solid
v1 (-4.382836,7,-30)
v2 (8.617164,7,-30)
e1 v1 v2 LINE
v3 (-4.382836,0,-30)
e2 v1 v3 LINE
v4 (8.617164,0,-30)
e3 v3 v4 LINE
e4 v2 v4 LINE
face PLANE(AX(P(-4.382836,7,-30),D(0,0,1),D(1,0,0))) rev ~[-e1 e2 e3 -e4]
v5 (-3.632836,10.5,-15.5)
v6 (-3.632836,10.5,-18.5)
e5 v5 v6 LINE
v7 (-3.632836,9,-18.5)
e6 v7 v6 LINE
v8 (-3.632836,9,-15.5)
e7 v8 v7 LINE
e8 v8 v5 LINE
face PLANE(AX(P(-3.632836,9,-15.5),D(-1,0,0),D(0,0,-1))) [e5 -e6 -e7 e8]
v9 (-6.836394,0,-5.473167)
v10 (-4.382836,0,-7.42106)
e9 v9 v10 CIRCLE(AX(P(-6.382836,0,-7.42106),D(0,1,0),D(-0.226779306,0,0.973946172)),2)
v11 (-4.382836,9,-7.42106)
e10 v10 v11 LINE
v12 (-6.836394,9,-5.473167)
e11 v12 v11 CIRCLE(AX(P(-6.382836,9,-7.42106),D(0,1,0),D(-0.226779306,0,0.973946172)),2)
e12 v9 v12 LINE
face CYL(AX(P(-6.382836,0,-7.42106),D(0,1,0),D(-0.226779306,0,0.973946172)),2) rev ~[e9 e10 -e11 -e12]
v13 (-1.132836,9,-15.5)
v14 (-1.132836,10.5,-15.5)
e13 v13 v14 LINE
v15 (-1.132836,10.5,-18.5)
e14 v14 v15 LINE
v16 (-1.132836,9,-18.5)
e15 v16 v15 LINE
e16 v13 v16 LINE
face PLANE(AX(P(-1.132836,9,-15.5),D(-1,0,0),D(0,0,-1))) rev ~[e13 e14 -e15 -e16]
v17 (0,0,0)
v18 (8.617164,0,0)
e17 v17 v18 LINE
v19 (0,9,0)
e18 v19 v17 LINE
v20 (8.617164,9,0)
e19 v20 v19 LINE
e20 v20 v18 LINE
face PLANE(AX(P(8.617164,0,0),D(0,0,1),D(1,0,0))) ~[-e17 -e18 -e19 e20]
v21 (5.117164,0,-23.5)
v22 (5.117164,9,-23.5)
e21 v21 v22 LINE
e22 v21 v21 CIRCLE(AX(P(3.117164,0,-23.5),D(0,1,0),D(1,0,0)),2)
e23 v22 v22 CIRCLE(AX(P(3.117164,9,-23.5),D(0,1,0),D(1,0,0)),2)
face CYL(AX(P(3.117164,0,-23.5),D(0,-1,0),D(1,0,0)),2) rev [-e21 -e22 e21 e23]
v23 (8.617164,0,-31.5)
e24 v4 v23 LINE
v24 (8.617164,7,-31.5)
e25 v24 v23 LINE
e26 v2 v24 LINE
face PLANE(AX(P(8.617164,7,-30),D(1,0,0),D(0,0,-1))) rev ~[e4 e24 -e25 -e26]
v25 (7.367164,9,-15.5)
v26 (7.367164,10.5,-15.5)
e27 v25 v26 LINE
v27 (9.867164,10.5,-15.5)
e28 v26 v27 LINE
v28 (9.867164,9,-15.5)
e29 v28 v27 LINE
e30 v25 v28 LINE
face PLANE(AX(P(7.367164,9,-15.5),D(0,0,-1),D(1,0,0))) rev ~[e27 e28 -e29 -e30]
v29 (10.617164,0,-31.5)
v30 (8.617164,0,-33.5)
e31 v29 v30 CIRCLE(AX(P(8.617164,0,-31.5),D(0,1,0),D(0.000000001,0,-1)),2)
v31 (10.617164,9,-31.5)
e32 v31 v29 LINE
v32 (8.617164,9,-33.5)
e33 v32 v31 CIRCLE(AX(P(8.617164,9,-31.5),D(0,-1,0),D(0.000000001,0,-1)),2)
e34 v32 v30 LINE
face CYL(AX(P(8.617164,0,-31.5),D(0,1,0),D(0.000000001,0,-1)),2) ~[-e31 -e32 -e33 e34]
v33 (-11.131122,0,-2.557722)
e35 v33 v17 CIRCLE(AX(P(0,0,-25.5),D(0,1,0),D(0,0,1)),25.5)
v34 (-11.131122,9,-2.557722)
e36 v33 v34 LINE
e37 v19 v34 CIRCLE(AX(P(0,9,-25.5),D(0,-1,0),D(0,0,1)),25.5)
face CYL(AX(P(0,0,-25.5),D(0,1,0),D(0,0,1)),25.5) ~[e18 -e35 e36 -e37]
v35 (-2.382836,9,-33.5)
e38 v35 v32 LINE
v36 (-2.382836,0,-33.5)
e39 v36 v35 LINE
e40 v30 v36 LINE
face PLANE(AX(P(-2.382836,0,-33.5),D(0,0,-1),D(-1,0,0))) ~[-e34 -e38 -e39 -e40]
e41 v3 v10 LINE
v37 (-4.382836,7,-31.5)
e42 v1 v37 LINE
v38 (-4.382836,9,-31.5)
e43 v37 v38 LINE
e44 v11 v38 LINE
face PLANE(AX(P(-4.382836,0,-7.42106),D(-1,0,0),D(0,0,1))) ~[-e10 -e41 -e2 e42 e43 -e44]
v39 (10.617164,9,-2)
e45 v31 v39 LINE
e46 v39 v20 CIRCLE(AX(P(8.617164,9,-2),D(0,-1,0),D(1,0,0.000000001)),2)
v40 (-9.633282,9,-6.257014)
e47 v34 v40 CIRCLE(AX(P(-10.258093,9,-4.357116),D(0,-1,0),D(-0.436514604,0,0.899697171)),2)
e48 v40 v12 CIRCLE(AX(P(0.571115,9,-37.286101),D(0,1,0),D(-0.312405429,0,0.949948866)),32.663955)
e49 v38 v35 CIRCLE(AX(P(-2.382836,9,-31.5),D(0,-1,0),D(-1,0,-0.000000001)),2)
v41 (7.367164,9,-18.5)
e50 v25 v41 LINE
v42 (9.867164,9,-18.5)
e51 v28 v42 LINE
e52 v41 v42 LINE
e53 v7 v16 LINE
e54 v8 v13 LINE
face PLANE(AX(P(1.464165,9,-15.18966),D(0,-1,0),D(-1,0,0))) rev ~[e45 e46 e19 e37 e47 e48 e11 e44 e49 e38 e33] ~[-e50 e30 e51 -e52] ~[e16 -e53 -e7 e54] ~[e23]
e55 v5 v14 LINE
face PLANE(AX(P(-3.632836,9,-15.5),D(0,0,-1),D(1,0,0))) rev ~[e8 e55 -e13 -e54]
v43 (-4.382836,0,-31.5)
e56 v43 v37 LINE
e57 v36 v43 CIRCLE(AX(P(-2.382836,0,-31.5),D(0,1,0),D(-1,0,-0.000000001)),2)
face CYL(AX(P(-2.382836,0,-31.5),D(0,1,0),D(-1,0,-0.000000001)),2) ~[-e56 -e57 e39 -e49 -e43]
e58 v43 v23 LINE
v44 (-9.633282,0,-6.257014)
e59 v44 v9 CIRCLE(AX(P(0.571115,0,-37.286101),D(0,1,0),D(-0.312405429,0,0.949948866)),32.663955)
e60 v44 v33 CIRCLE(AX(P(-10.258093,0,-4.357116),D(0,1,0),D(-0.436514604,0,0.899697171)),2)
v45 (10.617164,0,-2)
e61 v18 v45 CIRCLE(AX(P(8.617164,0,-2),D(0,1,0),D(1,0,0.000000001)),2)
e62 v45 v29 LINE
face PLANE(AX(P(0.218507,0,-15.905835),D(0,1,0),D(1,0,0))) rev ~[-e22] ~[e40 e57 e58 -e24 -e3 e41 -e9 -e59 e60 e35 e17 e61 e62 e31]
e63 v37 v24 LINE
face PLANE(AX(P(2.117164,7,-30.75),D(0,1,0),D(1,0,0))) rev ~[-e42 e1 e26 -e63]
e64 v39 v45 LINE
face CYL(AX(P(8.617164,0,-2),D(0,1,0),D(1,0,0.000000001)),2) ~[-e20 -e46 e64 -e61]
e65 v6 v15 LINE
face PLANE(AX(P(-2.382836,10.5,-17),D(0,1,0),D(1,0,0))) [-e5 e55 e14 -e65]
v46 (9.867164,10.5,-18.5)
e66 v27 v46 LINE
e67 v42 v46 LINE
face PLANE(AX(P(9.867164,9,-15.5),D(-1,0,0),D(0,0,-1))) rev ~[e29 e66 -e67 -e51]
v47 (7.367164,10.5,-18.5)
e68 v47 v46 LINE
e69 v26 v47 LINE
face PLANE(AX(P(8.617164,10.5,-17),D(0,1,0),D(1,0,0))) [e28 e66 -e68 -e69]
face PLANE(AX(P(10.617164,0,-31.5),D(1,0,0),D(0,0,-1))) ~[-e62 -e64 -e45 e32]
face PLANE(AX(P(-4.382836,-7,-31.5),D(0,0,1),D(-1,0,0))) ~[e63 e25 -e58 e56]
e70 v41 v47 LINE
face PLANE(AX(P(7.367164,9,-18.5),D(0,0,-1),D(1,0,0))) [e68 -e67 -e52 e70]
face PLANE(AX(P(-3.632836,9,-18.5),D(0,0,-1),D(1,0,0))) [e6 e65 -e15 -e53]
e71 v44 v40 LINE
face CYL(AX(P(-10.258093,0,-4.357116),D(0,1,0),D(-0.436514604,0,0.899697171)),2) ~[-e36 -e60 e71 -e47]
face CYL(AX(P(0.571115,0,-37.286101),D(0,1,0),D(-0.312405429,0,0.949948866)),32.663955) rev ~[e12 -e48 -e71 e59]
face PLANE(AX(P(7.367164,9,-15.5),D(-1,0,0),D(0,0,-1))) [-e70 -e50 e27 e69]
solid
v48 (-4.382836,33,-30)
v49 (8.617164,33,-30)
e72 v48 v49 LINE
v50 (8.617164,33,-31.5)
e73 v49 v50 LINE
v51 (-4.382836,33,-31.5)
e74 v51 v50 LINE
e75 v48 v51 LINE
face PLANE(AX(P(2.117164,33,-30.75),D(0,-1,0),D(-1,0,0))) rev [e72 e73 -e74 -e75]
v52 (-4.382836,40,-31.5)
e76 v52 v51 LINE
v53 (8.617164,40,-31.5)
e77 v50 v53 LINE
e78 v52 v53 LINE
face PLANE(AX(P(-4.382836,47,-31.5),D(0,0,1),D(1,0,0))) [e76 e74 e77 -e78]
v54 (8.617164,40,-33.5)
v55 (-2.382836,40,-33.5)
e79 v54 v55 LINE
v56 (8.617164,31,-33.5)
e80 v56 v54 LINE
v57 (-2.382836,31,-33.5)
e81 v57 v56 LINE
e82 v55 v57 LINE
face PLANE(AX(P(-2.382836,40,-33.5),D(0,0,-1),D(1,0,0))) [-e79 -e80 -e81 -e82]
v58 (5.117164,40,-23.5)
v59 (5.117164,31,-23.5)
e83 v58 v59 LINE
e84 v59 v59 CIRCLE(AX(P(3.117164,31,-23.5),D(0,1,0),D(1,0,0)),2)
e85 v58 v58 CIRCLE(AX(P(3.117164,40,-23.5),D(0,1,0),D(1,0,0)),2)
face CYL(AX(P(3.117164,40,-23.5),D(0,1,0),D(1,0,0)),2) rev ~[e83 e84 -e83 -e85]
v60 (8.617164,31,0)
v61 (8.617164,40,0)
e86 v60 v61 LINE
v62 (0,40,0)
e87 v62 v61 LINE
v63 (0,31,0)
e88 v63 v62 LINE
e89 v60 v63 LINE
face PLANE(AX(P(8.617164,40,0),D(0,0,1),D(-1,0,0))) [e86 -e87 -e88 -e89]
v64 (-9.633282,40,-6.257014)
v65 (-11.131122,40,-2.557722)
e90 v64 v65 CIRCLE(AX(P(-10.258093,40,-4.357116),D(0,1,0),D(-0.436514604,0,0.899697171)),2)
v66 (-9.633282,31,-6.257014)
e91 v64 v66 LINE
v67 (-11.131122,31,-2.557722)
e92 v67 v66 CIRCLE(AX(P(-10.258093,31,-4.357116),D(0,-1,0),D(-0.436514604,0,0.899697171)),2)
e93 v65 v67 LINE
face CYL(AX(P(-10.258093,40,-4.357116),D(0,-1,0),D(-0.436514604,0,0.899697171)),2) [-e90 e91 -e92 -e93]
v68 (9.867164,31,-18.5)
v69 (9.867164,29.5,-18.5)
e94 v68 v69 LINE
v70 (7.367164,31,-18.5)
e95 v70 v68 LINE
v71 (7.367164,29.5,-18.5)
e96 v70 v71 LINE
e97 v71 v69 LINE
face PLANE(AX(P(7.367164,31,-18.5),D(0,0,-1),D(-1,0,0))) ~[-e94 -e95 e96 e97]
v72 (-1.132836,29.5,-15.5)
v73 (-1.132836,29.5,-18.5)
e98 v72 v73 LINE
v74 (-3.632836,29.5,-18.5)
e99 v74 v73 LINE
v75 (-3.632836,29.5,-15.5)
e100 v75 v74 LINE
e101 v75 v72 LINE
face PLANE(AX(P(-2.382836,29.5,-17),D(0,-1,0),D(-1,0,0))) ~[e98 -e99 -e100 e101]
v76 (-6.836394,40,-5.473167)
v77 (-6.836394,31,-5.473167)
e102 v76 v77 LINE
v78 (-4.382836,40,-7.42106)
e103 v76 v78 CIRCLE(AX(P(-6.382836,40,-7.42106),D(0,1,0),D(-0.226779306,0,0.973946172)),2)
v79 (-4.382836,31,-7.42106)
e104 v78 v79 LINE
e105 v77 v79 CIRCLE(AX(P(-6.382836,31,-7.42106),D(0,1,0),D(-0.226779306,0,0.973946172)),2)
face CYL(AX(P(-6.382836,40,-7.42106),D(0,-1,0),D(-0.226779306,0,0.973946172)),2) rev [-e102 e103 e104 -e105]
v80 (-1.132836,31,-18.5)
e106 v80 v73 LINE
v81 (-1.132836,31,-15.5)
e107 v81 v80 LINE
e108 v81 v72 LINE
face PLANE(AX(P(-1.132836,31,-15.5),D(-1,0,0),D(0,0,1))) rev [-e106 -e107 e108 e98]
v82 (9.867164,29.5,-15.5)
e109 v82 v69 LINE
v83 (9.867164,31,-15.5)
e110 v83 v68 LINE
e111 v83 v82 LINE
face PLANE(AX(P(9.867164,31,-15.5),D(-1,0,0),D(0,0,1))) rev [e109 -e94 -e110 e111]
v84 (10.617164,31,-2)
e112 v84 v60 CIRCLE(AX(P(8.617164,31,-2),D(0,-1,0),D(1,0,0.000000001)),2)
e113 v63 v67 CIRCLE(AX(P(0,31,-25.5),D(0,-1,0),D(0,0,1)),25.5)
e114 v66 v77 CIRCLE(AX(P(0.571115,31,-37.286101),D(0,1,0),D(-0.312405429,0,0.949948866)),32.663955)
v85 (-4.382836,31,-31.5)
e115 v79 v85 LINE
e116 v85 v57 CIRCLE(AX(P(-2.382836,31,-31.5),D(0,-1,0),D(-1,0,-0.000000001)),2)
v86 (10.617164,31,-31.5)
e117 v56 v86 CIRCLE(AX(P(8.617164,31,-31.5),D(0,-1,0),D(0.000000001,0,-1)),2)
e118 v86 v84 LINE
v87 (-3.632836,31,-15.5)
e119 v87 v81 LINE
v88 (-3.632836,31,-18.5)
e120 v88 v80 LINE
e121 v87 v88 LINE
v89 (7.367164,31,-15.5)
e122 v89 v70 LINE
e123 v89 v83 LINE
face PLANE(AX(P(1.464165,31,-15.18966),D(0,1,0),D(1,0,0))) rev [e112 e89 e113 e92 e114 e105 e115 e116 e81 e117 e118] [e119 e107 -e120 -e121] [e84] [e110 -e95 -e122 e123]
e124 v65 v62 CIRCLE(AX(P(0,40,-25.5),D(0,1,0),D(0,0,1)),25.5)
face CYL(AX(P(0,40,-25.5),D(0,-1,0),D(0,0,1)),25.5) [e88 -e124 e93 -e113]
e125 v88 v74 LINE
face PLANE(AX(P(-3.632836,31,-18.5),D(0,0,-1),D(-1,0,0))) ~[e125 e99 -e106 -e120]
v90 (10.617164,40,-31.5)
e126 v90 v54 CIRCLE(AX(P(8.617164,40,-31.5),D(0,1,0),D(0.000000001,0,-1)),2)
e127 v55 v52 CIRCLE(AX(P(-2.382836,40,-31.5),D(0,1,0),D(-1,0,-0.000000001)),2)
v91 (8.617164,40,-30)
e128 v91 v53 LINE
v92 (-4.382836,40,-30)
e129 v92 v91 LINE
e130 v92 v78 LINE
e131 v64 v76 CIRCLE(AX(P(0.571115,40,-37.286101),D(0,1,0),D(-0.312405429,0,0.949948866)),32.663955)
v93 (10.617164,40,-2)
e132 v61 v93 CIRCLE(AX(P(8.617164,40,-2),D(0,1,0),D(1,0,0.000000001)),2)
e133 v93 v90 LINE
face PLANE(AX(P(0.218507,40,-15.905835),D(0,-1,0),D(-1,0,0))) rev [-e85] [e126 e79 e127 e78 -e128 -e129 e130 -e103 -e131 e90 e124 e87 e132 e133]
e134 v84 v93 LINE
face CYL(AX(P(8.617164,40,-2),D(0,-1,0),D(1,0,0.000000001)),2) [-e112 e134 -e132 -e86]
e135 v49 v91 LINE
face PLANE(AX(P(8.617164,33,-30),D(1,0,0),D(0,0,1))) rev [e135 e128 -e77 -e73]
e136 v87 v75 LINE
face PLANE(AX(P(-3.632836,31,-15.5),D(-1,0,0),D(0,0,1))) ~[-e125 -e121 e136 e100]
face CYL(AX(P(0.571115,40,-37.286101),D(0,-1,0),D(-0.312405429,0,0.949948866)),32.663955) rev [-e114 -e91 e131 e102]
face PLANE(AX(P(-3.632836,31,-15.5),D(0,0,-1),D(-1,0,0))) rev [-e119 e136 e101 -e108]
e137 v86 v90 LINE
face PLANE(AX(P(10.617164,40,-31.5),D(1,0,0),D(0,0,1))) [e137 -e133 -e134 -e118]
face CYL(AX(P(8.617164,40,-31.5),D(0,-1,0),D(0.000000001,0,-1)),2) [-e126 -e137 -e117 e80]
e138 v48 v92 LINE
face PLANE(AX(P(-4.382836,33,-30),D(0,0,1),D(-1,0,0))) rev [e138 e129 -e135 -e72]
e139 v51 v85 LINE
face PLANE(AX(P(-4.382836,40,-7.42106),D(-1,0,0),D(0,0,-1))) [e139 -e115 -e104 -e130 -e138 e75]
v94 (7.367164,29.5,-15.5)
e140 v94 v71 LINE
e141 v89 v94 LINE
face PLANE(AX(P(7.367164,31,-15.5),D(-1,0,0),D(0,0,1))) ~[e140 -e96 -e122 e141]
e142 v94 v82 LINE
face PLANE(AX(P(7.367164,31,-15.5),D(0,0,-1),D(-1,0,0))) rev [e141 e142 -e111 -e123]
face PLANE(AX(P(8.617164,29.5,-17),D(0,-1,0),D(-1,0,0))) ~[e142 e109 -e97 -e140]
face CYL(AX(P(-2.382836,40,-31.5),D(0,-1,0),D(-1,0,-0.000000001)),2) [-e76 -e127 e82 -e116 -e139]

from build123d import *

# Parameters (mm, degrees)
SKETCH_1_R          = 2
EXTRUDE_1_DEPTH     = 9
SKETCH_3_W          = 2.5
SKETCH_3_H          = 3
EXTRUDE_2_DEPTH     = 1.5
CUT_EXTRUDE_1_REACH = 13
CUT_EXTRUDE_START   = -2
SKETCH_5_W          = 13
SKETCH_5_H          = 1.5
SKETCH_9_W          = 49.545975543
SKETCH_9_H          = 42.208236046
CUT_EXTRUDE_2_DEPTH = 11.5


with BuildPart() as part:
    # 草图1 → 凸台-拉伸1 (new body)
    with BuildSketch(Plane(origin=(0, 0, 0), x_dir=(1, 0, 0), z_dir=(0, 1, 0))):
        with BuildLine():
            Line((-2.382835885, 33.5), (8.617164115, 33.5))
            ThreePointArc((8.617164115, 33.5), (10.031377677, 32.914213562), (10.617164115, 31.5))
            Line((10.617164115, 31.5), (10.617164115, 2))
            ThreePointArc((10.617164115, 2), (10.031377677, 0.585786438), (8.617164115, 0))
            Line((8.617164115, 0), (0, 0))
            ThreePointArc((0, 0), (-5.710600422, 0.647655185), (-11.131122415, 2.557722132))
            ThreePointArc((-11.131122415, 2.557722132), (-12.111898361, 5.107720531), (-9.633282348, 6.257014206))
            ThreePointArc((-9.633282348, 6.257014206), (-8.243555708, 5.833986106), (-6.836394497, 5.473167269))
            ThreePointArc((-6.836394497, 5.473167269), (-5.139275919, 5.854675685), (-4.382835885, 7.421059613))
            Line((-4.382835885, 7.421059613), (-4.382835885, 31.5))
            ThreePointArc((-4.382835885, 31.5), (-3.797049447, 32.914213562), (-2.382835885, 33.5))
        make_face()
        with Locations((3.117164115, 23.5)):
            Circle(SKETCH_1_R, mode=Mode.SUBTRACT)
    extrude(amount=EXTRUDE_1_DEPTH)

    # 草图3 → 凸台-拉伸2 (add)
    with BuildSketch(Plane(origin=(0, 9, 0), x_dir=(1, 0, 0), z_dir=(0, 1, 0))):
        with Locations((-2.382835885, 17)):
            Rectangle(SKETCH_3_W, SKETCH_3_H)
        with Locations((8.617164115, 17)):
            Rectangle(SKETCH_3_W, SKETCH_3_H)
    extrude(amount=EXTRUDE_2_DEPTH)

    # 草图5 → 切除-拉伸1 (cut, up to next)
    with BuildSketch(Plane(origin=(0, 9, 0), x_dir=(1, 0, 0), z_dir=(0, 1, 0)).offset(CUT_EXTRUDE_START), mode=Mode.PRIVATE) as cut_extrude_1_sk1:
        with Locations((2.117164115, 30.75)):
            Rectangle(SKETCH_5_W, SKETCH_5_H)
    cut_extrude_1_tool1 = extrude(cut_extrude_1_sk1.sketch, amount=-CUT_EXTRUDE_1_REACH, mode=Mode.PRIVATE) & part.part
    add(cut_extrude_1_tool1.solids().sort_by_distance((2.117164, 7, -30.75))[0], mode=Mode.SUBTRACT)

    # 镜向8: part across plane


with BuildPart() as part_1:
    add(part.part)
    add(part.part.mirror(Plane(origin=(0, 0, -25.5), x_dir=(0, 0, 1), z_dir=(0, -1, 0))))

    # 草图9 → 切除-拉伸2 (cut, through all)
    with BuildSketch(Plane(origin=(0, 0, 0), x_dir=(1, 0, 0), z_dir=(0, 1, 0))):
        with Locations((0.218507418, 15.905835279)):
            Rectangle(SKETCH_9_W, SKETCH_9_H)
    extrude(amount=-CUT_EXTRUDE_2_DEPTH, mode=Mode.SUBTRACT)


with BuildPart() as body_2:
    # 镜向11: mirrored copy
    add(part_1.part.mirror(Plane(origin=(0, 20, 0), x_dir=(0, 0, 1), z_dir=(0, -1, 0))))


solid = Compound([part_1.part, body_2.part])
